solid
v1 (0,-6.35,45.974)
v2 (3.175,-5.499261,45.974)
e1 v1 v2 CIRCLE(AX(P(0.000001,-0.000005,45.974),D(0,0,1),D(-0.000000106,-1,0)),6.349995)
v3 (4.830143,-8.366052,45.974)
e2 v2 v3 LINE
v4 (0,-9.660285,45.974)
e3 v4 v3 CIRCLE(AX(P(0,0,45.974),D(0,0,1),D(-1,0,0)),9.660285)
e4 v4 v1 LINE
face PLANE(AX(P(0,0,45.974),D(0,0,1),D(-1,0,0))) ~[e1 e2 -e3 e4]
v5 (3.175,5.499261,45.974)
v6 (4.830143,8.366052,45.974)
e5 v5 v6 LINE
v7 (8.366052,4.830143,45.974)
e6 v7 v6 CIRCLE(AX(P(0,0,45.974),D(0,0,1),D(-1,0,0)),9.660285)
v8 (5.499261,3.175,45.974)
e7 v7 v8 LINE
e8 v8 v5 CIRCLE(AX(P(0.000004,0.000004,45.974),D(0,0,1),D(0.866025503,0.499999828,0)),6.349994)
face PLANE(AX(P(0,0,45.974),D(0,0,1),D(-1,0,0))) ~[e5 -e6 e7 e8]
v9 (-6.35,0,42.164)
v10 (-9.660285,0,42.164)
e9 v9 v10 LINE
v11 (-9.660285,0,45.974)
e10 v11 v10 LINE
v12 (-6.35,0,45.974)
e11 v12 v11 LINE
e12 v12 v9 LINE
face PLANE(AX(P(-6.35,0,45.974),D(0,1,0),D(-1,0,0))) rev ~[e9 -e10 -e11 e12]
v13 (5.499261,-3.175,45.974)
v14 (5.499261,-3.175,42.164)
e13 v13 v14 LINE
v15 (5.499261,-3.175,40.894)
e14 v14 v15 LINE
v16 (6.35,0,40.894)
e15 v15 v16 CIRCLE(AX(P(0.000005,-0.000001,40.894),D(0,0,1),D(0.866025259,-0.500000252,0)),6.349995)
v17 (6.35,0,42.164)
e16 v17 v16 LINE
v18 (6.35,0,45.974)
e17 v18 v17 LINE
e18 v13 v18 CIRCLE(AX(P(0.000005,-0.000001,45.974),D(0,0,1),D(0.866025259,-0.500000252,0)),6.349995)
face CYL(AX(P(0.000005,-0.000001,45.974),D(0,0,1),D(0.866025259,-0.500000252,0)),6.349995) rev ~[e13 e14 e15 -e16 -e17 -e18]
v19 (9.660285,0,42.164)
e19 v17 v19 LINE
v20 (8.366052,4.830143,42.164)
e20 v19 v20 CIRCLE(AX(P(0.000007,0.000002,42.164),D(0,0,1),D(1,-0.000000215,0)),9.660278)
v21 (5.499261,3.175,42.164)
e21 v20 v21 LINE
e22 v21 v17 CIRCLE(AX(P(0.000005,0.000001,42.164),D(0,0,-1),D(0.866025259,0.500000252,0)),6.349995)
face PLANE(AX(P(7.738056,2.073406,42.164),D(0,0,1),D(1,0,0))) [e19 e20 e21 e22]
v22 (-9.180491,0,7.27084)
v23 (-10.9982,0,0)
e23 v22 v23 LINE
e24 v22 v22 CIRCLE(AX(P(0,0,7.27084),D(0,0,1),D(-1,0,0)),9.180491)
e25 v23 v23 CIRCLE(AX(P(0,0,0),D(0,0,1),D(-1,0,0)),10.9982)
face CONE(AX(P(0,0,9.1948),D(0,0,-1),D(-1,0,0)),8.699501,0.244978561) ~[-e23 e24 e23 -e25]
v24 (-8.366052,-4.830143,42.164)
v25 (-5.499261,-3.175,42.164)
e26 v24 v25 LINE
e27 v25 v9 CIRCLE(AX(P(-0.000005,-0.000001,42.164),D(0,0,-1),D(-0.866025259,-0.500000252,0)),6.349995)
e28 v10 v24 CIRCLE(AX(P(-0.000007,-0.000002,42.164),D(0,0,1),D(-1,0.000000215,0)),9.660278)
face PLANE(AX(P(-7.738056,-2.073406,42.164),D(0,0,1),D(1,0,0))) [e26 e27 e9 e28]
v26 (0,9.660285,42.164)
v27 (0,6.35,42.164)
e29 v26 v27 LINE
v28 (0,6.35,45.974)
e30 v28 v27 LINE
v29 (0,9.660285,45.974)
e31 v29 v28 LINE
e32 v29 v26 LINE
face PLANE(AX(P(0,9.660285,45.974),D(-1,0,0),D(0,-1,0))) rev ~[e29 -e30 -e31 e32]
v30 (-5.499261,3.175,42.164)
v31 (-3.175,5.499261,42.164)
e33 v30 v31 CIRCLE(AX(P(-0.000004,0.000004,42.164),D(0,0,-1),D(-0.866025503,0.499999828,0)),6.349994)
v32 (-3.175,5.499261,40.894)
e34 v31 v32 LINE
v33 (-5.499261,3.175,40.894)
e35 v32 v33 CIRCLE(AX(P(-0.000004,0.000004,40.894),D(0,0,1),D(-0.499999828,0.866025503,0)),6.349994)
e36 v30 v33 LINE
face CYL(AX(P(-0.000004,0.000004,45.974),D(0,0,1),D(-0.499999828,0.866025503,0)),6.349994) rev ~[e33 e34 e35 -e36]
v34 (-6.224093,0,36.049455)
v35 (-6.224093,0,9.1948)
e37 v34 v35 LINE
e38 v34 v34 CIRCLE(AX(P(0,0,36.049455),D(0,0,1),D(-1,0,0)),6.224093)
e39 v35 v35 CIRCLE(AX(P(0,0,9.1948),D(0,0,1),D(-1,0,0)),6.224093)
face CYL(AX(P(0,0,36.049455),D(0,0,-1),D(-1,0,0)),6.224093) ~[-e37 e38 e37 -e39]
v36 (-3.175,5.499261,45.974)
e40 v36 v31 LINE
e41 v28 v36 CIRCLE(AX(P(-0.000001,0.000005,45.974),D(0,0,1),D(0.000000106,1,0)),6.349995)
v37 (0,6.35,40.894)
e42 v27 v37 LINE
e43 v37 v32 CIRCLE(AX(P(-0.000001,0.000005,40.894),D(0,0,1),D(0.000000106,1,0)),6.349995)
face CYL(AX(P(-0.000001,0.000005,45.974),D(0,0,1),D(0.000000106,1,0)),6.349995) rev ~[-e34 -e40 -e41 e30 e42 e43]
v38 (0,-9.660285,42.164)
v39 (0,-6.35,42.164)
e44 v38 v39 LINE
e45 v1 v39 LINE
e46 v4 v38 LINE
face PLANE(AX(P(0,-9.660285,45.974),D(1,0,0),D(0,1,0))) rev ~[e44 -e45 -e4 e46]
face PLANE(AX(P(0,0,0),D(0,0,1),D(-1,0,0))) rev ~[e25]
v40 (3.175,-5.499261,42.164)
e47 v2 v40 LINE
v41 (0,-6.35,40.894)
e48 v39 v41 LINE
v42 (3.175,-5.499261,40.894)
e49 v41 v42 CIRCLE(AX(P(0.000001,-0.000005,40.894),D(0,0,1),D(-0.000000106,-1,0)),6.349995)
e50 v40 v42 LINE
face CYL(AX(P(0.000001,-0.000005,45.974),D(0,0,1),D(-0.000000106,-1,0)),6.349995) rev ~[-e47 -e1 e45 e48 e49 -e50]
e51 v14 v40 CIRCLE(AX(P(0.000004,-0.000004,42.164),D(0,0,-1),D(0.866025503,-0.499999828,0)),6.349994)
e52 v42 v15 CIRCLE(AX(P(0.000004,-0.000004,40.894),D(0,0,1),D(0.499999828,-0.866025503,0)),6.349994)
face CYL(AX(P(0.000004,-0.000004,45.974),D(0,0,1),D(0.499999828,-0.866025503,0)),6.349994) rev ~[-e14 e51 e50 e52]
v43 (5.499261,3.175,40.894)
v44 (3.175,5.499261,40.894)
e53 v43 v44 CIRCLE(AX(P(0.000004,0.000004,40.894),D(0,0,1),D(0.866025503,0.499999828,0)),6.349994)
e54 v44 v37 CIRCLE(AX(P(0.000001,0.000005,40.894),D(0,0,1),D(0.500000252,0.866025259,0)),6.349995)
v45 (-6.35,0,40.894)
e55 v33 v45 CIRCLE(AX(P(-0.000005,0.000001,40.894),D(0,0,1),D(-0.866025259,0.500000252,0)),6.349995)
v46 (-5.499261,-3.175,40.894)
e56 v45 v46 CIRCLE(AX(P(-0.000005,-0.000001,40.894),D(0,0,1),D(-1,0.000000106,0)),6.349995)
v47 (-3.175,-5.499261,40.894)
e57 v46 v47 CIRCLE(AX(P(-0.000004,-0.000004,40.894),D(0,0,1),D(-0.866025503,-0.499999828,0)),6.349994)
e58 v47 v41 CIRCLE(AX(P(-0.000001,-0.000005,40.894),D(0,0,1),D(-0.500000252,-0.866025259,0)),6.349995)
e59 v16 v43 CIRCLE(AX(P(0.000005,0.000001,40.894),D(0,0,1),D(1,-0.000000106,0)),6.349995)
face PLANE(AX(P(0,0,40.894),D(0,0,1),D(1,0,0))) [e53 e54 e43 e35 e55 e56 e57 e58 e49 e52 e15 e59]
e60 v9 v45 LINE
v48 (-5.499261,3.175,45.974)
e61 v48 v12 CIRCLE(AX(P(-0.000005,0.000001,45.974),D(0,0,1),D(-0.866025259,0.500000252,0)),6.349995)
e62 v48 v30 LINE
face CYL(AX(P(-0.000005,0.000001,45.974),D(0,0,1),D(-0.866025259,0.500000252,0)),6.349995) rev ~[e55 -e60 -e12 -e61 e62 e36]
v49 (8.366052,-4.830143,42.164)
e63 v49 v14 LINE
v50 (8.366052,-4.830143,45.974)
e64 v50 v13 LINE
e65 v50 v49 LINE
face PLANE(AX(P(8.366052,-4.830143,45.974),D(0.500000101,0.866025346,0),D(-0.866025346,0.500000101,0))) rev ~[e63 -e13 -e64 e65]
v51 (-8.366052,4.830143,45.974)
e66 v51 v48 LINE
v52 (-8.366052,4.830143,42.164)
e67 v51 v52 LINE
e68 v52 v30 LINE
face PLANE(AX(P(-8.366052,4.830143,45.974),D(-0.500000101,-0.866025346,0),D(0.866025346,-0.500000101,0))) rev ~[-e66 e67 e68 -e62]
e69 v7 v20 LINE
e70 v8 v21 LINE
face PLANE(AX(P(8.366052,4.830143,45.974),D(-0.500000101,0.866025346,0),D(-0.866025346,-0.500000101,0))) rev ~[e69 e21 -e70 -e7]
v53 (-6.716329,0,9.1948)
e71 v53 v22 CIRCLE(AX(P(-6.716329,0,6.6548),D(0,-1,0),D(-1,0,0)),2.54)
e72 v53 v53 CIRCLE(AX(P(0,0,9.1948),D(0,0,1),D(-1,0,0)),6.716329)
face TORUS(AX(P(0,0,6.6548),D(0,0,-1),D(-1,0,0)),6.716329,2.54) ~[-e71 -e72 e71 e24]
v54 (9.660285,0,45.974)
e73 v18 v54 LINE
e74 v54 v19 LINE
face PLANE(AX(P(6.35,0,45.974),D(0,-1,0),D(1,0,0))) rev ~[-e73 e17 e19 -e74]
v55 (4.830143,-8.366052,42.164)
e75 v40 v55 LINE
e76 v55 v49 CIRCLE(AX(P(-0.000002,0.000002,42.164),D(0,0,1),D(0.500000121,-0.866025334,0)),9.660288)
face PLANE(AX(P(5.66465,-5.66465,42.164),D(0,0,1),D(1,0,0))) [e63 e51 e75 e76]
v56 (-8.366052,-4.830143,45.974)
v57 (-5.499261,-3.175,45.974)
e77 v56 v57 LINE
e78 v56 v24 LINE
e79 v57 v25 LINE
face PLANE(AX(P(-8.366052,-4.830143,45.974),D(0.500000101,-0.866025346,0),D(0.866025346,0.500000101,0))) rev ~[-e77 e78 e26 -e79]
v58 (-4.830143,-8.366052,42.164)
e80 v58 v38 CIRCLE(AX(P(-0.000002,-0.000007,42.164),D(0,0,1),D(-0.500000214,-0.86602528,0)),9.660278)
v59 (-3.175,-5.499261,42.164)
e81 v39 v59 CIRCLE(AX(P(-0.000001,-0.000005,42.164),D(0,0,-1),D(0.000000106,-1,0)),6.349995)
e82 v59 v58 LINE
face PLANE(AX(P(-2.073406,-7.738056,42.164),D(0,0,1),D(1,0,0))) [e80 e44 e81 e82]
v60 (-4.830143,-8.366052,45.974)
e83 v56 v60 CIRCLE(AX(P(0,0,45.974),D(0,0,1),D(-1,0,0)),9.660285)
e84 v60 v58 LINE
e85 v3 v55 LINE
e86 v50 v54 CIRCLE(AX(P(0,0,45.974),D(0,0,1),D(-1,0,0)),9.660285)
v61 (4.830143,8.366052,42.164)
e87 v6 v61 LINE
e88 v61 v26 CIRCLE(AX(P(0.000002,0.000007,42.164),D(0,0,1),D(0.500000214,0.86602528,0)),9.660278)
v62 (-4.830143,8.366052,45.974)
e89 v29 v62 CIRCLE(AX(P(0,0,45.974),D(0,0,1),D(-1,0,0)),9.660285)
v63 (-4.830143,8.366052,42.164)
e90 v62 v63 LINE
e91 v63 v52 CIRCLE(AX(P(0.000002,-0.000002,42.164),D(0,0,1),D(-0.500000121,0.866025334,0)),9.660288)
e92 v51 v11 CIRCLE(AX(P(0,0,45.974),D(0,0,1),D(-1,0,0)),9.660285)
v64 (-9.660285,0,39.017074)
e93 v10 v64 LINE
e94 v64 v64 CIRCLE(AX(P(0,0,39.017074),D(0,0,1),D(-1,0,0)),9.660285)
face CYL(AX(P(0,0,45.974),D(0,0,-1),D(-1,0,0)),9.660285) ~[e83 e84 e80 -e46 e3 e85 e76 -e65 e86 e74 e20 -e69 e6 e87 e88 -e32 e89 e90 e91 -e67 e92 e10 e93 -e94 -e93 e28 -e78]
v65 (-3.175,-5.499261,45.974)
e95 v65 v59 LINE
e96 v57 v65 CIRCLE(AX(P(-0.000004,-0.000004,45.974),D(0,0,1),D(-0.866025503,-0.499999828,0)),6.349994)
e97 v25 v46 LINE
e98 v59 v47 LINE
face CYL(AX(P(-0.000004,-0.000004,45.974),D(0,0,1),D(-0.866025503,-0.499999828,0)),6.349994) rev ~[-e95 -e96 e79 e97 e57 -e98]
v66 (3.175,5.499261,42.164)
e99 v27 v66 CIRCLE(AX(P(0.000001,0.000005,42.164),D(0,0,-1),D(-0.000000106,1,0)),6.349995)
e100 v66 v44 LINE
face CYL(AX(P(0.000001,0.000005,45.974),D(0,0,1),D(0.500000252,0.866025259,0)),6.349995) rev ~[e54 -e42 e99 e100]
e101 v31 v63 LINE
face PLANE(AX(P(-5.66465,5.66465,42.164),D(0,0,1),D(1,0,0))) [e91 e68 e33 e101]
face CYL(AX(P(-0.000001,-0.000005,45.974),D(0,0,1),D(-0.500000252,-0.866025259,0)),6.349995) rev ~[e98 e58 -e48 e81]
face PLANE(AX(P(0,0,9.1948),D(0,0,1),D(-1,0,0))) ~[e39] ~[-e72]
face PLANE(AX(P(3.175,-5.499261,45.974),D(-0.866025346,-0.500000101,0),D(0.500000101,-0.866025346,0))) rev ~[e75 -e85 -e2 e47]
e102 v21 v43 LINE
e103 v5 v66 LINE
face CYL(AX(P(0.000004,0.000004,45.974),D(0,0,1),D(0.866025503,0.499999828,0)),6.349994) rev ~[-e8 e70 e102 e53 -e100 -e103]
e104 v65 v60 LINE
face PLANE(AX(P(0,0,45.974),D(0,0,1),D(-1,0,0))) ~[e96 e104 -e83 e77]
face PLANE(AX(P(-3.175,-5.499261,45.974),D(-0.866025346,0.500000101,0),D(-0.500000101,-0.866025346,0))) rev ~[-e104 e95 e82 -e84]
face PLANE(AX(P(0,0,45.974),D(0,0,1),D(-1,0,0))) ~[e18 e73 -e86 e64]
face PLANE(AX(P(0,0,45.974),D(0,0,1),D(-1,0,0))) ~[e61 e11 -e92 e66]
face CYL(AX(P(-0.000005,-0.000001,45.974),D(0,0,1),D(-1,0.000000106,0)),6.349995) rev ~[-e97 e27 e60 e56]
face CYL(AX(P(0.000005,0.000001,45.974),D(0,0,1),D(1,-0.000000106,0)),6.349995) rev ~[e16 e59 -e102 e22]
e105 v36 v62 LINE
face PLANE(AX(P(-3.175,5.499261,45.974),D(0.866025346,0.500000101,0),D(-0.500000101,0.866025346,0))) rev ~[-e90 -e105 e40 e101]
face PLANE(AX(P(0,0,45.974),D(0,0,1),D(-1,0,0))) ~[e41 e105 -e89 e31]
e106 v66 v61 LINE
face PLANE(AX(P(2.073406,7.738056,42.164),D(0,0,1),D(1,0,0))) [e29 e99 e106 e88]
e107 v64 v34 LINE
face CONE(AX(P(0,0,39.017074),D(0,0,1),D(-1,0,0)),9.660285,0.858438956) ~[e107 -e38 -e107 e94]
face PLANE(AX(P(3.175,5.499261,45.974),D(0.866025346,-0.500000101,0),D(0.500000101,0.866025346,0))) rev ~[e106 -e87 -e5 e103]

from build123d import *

# Parameters (mm, degrees)
F2_R     = 2.54
F4_DEPTH = 3.81
F5_DEPTH = 5.08


with BuildPart() as f1:
    # F0 (on Front) → F1 (revolve)
    with BuildSketch(Plane.XZ):
        Polygon((0, 0), (0, 45.974), (-9.660285, 45.974), (-9.660285, 39.017074), (-6.224093, 36.049455), (-6.224093, 9.1948), (-8.699501, 9.1948), (-10.9982, 0), align=None)
    revolve(axis=Axis((0, 0, 22.987), (0, 0, 1)))

    # F2
    f2_edges = [f1.edges().sort_by_distance(p)[0] for p in [
        (8.699501, 0, 9.1948),
    ]]
    fillet(f2_edges, radius=F2_R)

    # F3 (on face) → F4 (cut)
    with BuildSketch(Plane.XY.offset(45.974)):
        with BuildLine():
            ThreePointArc((-5.499261, 3.175), (-4.490128, 4.490128), (-3.175, 5.499261))
            Line((-3.175, 5.499261), (-4.830143, 8.366052))
            ThreePointArc((-4.830143, 8.366052), (-6.830853, 6.830853), (-8.366052, 4.830143))
            Line((-8.366052, 4.830143), (-5.499261, 3.175))
        make_face()
        with BuildLine():
            ThreePointArc((0, 6.35), (1.643501, 6.133629), (3.175, 5.499261))
            Line((3.175, 5.499261), (4.830143, 8.366052))
            ThreePointArc((4.830143, 8.366052), (2.500266, 9.331119), (0, 9.660285))
            Line((0, 9.660285), (0, 6.35))
        make_face()
        with BuildLine():
            ThreePointArc((5.499261, 3.175), (6.133629, 1.643501), (6.35, 0))
            Line((6.35, 0), (9.660285, 0))
            ThreePointArc((9.660285, 0), (9.331119, 2.500266), (8.366052, 4.830143))
            Line((8.366052, 4.830143), (5.499261, 3.175))
        make_face()
        with BuildLine():
            Line((8.366052, -4.830143), (5.499261, -3.175))
            ThreePointArc((5.499261, -3.175), (4.490128, -4.490128), (3.175, -5.499261))
            Line((3.175, -5.499261), (4.830143, -8.366052))
            ThreePointArc((4.830143, -8.366052), (6.830853, -6.830853), (8.366052, -4.830143))
        make_face()
        with BuildLine():
            Line((0, -9.660285), (0, -6.35))
            ThreePointArc((0, -6.35), (-1.643501, -6.133629), (-3.175, -5.499261))
            Line((-3.175, -5.499261), (-4.830143, -8.366052))
            ThreePointArc((-4.830143, -8.366052), (-2.500266, -9.331119), (0, -9.660285))
        make_face()
        with BuildLine():
            Line((-8.366052, -4.830143), (-5.499261, -3.175))
            ThreePointArc((-5.499261, -3.175), (-6.133629, -1.643501), (-6.35, 0))
            Line((-6.35, 0), (-9.660285, 0))
            ThreePointArc((-9.660285, 0), (-9.331119, -2.500266), (-8.366052, -4.830143))
        make_face()
    extrude(amount=-F4_DEPTH, mode=Mode.SUBTRACT)

    # F3 (on face) → F5 (cut)
    with BuildSketch(Plane.XY.offset(45.974)):
        with BuildLine():
            ThreePointArc((5.499261, -3.175), (6.133629, -1.643501), (6.35, 0))
            ThreePointArc((6.35, 0), (6.133629, 1.643501), (5.499261, 3.175))
            ThreePointArc((5.499261, 3.175), (4.490128, 4.490128), (3.175, 5.499261))
            ThreePointArc((3.175, 5.499261), (1.643501, 6.133629), (0, 6.35))
            ThreePointArc((0, 6.35), (-1.643501, 6.133629), (-3.175, 5.499261))
            ThreePointArc((-3.175, 5.499261), (-4.490128, 4.490128), (-5.499261, 3.175))
            ThreePointArc((-5.499261, 3.175), (-6.133629, 1.643501), (-6.35, 0))
            ThreePointArc((-6.35, 0), (-6.133629, -1.643501), (-5.499261, -3.175))
            ThreePointArc((-5.499261, -3.175), (-4.490128, -4.490128), (-3.175, -5.499261))
            ThreePointArc((-3.175, -5.499261), (-1.643501, -6.133629), (0, -6.35))
            ThreePointArc((0, -6.35), (1.643501, -6.133629), (3.175, -5.499261))
            ThreePointArc((3.175, -5.499261), (4.490128, -4.490128), (5.499261, -3.175))
        make_face()
    extrude(amount=-F5_DEPTH, mode=Mode.SUBTRACT)


solid = f1.part
